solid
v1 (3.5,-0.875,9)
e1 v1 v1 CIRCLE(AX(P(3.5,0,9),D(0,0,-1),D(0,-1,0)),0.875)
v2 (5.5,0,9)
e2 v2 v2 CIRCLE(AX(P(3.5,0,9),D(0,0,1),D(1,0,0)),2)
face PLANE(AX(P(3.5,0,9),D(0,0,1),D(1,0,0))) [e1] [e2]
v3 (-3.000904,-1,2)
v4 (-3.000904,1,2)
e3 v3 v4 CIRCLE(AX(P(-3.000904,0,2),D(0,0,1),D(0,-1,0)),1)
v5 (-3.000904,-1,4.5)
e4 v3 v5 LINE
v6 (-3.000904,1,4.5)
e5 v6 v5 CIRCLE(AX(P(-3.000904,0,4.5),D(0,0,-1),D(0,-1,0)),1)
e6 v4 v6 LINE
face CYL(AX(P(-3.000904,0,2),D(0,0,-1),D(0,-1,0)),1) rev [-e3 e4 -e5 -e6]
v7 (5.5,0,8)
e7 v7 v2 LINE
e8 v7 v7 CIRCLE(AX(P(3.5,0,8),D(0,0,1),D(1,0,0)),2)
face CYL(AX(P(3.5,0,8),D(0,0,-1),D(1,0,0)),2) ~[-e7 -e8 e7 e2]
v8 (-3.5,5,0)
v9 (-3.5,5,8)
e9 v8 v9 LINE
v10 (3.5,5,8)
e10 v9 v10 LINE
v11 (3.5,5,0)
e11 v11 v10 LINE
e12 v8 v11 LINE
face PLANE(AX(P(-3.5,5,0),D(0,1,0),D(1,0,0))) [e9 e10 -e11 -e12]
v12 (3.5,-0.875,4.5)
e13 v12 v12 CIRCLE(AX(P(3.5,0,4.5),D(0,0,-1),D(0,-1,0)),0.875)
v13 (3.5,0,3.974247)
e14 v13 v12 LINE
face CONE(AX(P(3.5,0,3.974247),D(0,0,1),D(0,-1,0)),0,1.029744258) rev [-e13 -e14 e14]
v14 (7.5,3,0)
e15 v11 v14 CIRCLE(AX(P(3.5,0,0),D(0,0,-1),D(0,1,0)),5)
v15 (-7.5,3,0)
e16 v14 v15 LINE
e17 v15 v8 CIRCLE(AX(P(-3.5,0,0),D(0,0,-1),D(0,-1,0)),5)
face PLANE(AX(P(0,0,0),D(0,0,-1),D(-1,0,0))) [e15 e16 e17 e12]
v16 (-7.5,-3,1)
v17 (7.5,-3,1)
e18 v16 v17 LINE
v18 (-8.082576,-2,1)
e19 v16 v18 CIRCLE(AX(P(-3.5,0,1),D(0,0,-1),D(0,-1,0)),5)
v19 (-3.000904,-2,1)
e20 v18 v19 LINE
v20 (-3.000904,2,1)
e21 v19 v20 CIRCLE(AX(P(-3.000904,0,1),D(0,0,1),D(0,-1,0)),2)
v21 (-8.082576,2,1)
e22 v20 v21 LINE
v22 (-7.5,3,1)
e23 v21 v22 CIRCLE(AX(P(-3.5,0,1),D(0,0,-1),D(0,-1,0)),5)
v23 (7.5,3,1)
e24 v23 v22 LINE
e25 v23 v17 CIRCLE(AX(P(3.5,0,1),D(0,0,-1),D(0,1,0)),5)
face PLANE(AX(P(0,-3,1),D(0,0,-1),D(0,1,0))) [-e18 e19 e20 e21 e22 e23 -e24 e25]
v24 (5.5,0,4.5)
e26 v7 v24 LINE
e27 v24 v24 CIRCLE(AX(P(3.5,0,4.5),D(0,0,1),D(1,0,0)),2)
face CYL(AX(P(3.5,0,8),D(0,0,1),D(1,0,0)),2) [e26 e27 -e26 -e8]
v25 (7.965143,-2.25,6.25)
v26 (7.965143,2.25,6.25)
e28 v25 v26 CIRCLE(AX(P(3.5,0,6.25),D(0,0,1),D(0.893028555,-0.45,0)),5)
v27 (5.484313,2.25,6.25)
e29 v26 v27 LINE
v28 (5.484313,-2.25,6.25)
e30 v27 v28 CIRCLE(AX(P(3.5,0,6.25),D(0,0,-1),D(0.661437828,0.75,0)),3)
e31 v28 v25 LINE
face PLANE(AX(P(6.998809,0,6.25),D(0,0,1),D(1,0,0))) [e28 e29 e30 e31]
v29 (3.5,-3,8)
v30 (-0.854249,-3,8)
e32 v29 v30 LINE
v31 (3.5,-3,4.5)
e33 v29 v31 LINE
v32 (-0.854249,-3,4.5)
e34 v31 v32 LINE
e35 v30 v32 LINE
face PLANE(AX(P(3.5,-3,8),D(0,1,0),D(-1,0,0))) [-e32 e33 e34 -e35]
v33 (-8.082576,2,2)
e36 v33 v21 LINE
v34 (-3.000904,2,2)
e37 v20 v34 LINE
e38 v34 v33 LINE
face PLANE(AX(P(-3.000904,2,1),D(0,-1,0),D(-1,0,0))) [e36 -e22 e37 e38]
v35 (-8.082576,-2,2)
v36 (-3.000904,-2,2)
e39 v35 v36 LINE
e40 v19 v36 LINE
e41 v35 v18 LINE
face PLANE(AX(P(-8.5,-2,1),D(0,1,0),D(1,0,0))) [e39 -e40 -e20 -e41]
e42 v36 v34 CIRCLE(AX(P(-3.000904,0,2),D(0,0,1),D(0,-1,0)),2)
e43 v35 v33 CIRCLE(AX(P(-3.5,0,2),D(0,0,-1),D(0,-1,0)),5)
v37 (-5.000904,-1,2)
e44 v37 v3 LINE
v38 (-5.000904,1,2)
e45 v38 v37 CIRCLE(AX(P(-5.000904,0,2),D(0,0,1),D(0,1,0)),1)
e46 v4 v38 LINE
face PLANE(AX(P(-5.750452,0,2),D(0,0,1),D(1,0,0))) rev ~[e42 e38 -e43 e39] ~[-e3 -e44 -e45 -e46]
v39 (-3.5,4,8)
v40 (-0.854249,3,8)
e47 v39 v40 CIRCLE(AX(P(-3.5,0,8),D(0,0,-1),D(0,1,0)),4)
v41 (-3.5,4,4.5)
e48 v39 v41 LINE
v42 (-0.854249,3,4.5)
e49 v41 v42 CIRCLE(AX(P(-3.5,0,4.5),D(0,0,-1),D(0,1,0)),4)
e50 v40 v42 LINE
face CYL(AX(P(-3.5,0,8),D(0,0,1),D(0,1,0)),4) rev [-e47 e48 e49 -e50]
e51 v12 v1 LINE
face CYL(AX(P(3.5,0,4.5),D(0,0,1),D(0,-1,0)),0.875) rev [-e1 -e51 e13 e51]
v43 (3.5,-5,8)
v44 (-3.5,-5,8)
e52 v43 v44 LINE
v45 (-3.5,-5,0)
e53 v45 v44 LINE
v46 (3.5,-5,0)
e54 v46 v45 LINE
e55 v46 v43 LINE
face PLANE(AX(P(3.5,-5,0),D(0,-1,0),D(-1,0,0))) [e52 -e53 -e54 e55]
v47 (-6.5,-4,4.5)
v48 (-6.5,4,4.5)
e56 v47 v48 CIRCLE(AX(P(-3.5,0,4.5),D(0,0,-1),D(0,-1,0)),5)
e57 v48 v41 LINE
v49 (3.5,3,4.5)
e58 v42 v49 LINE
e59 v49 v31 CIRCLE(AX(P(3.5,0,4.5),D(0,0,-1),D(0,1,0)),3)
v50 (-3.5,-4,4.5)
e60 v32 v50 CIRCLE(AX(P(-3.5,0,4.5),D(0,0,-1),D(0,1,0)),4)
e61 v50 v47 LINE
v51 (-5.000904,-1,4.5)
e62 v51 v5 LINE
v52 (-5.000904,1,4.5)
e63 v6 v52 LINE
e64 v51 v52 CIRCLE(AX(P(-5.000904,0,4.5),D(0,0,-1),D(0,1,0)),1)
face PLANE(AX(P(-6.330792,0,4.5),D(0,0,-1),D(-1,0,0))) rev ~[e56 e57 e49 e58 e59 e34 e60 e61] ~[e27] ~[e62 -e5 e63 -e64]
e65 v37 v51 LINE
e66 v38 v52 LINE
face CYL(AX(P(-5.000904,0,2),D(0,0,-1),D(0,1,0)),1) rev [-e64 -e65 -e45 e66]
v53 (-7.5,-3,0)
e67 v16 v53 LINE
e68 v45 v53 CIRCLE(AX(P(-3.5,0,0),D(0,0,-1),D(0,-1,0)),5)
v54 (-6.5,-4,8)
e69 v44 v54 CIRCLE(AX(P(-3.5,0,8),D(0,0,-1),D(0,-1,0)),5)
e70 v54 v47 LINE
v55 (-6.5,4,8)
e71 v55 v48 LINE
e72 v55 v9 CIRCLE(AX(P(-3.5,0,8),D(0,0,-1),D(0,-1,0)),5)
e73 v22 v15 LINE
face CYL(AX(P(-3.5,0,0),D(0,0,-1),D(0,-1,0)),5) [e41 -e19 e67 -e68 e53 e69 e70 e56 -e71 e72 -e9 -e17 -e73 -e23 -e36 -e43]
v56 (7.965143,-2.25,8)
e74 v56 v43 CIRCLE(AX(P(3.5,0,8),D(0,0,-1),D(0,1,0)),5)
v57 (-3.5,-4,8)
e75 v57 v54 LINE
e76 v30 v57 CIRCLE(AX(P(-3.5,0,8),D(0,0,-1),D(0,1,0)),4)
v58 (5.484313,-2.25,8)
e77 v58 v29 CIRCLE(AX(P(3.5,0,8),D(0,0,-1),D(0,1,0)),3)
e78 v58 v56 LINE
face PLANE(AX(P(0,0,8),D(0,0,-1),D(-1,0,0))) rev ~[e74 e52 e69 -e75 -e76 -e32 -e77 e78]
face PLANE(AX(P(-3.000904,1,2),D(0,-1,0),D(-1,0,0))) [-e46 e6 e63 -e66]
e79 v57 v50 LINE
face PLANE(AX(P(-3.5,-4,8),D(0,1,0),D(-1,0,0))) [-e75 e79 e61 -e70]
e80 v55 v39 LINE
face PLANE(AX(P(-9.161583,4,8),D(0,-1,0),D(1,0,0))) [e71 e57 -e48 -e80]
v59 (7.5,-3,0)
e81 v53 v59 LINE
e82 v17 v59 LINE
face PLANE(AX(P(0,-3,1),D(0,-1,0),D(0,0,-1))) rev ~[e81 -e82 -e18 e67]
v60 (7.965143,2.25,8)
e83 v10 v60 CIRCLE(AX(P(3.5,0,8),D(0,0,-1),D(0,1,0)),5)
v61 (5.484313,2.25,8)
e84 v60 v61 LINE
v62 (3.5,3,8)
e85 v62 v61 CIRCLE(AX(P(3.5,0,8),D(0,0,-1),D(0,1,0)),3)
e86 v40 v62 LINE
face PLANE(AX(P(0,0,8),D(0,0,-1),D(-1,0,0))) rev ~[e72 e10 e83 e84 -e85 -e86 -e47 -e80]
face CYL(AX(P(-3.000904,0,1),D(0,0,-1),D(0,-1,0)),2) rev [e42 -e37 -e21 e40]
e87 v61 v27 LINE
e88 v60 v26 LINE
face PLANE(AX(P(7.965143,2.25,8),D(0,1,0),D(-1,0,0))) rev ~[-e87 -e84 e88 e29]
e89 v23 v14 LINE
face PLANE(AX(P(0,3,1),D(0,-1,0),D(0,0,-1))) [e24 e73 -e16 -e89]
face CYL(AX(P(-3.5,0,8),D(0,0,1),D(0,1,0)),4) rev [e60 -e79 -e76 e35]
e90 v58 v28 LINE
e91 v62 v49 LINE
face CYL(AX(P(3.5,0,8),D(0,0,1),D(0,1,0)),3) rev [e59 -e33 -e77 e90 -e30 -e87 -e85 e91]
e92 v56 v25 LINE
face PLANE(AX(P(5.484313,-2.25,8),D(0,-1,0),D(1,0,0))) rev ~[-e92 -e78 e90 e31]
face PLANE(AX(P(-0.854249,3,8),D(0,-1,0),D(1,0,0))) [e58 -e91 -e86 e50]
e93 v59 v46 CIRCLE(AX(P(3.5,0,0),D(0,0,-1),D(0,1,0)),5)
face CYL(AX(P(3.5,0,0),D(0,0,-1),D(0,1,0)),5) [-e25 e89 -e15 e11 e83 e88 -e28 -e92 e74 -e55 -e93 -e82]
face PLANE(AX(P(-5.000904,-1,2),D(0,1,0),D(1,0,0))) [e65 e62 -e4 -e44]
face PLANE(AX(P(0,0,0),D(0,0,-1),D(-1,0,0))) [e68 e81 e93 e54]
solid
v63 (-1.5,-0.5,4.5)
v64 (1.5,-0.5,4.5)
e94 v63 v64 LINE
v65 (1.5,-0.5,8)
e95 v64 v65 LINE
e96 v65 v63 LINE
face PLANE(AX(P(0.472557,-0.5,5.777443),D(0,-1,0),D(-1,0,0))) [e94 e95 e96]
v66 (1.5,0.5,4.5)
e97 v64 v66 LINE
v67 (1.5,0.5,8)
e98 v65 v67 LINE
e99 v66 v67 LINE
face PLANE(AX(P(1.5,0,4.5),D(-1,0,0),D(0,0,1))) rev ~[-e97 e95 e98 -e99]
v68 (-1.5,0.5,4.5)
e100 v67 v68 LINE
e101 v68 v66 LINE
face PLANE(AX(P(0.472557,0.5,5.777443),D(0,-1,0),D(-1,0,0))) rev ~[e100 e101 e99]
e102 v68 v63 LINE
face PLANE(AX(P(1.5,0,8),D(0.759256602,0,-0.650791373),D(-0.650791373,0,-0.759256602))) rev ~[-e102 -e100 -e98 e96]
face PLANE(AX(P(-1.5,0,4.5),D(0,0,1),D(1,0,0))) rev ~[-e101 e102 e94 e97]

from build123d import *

# Parameters (mm, degrees)
BOSS_EXTRUDE1_DEPTH = 8
SKETCH2_W           = 1
SKETCH2_H           = 6
CUT_EXTRUDE1_DEPTH  = 9
CUT_EXTRUDE2_DEPTH  = 1
SKETCH4_R           = 2
CUT_EXTRUDE3_DEPTH  = 3.5
BOSS_EXTRUDE3_DEPTH = 0.5
CUT_EXTRUDE4_DEPTH  = 6.025665282
CUT_EXTRUDE5_DEPTH  = 1.75
SKETCH8_R           = 2
BOSS_EXTRUDE4_DEPTH = 1


with BuildPart() as part:
    # Sketch1 → Boss-Extrude1 (new body)
    with BuildSketch(Plane.XY):
        with BuildLine():
            Line((-3.5, 5), (3.5, 5))
            ThreePointArc((3.5, 5), (8.5, 0), (3.5, -5))
            Line((3.5, -5), (-3.5, -5))
            ThreePointArc((-3.5, -5), (-8.5, 0), (-3.5, 5))
        make_face()
    extrude(amount=BOSS_EXTRUDE1_DEPTH)

    # Sketch2 → Cut-Extrude1 (cut, symmetric)
    with BuildSketch(Plane(origin=(0, 0, 0), x_dir=(0, 0, -1), z_dir=(1, 0, 0))):
        with Locations((-0.5, 0)):
            Rectangle(SKETCH2_W, SKETCH2_H)
    extrude(amount=CUT_EXTRUDE1_DEPTH, both=True, mode=Mode.SUBTRACT)

    # Sketch3 → Cut-Extrude2 (cut)
    with BuildSketch(Plane(origin=(0, 0, 1), x_dir=(-1, 0, 0), z_dir=(0, 0, -1))):
        with BuildLine():
            Line((3.000904035, 2), (8.5, 2))
            ThreePointArc((8.5, 2), (10.5, 0), (8.5, -2))
            Line((8.5, -2), (3.000904035, -2))
            ThreePointArc((3.000904035, -2), (1.000904035, 0), (3.000904035, 2))
        make_face()
    extrude(amount=-CUT_EXTRUDE2_DEPTH, mode=Mode.SUBTRACT)

    # Sketch4 → Cut-Extrude3 (cut)
    with BuildSketch(Plane.XY.offset(8)):
        with BuildLine():
            Line((-9.161583496, 4), (-3.5, 4))
            ThreePointArc((-3.5, 4), (0.5, 0), (-3.5, -4))
            Line((-3.5, -4), (-9.161583496, -4))
            ThreePointArc((-9.161583496, -4), (-13.161583496, 0), (-9.161583496, 4))
        make_face()
        with BuildLine():
            Line((-3.5, 3), (3.5, 3))
            ThreePointArc((3.5, 3), (6.5, 0), (3.5, -3))
            Line((3.5, -3), (-3.5, -3))
            ThreePointArc((-3.5, -3), (-6.5, 0), (-3.5, 3))
        make_face()
        with Locations((3.5, 0)):
            Circle(SKETCH4_R, mode=Mode.SUBTRACT)
    extrude(amount=-CUT_EXTRUDE3_DEPTH, mode=Mode.SUBTRACT)

    # Sketch6 → Cut-Extrude4 (cut)
    with BuildSketch(Plane(origin=(0, 0, 2), x_dir=(-1, 0, 0), z_dir=(0, 0, -1))):
        with BuildLine():
            Line((3.000904035, 1), (5.000904035, 1))
            ThreePointArc((5.000904035, 1), (6.000904035, 0), (5.000904035, -1))
            Line((5.000904035, -1), (3.000904035, -1))
            ThreePointArc((3.000904035, -1), (2.000904035, 0), (3.000904035, 1))
        make_face()
    extrude(amount=-CUT_EXTRUDE4_DEPTH, mode=Mode.SUBTRACT)

    # Sketch7 → Cut-Extrude5 (cut)
    with BuildSketch(Plane.XY.offset(8)):
        with BuildLine():
            Line((7.965142775, 2.25), (5.484313483, 2.25))
            ThreePointArc((5.484313483, 2.25), (6.5, 0), (5.484313483, -2.25))
            Line((5.484313483, -2.25), (7.965142775, -2.25))
            ThreePointArc((7.965142775, -2.25), (8.5, 0), (7.965142775, 2.25))
        make_face()
    extrude(amount=-CUT_EXTRUDE5_DEPTH, mode=Mode.SUBTRACT)

    # Sketch8 → Boss-Extrude4 (add)
    with BuildSketch(Plane.XY.offset(8)):
        with Locations((3.5, 0)):
            Circle(SKETCH8_R)
    extrude(amount=BOSS_EXTRUDE4_DEPTH)

    # Sketch9 → M2.2x0.45 Tapped Hole1 (revolve, cut)
    with BuildSketch(Plane(origin=(3.5, 0, 9), x_dir=(0, -1, 0), z_dir=(1, 0, 0))):
        Polygon((0, 0), (0, 5.025753042), (0.875, 4.5), (0.875, 0), align=None)
    revolve(axis=Axis((3.5, 0, 15.35), (0, 0, -1)), mode=Mode.SUBTRACT)


with BuildPart() as body_2:
    # Sketch5 → Boss-Extrude3 (new body, symmetric)
    with BuildSketch(Plane(origin=(0, 0, 0), x_dir=(1, 0, 0), z_dir=(0, 1, 0))):
        Polygon((1.5, -8), (-1.5, -4.5), (1.5, -4.5), align=None)
    extrude(amount=BOSS_EXTRUDE3_DEPTH, both=True)


solid = Compound([part.part, body_2.part])
